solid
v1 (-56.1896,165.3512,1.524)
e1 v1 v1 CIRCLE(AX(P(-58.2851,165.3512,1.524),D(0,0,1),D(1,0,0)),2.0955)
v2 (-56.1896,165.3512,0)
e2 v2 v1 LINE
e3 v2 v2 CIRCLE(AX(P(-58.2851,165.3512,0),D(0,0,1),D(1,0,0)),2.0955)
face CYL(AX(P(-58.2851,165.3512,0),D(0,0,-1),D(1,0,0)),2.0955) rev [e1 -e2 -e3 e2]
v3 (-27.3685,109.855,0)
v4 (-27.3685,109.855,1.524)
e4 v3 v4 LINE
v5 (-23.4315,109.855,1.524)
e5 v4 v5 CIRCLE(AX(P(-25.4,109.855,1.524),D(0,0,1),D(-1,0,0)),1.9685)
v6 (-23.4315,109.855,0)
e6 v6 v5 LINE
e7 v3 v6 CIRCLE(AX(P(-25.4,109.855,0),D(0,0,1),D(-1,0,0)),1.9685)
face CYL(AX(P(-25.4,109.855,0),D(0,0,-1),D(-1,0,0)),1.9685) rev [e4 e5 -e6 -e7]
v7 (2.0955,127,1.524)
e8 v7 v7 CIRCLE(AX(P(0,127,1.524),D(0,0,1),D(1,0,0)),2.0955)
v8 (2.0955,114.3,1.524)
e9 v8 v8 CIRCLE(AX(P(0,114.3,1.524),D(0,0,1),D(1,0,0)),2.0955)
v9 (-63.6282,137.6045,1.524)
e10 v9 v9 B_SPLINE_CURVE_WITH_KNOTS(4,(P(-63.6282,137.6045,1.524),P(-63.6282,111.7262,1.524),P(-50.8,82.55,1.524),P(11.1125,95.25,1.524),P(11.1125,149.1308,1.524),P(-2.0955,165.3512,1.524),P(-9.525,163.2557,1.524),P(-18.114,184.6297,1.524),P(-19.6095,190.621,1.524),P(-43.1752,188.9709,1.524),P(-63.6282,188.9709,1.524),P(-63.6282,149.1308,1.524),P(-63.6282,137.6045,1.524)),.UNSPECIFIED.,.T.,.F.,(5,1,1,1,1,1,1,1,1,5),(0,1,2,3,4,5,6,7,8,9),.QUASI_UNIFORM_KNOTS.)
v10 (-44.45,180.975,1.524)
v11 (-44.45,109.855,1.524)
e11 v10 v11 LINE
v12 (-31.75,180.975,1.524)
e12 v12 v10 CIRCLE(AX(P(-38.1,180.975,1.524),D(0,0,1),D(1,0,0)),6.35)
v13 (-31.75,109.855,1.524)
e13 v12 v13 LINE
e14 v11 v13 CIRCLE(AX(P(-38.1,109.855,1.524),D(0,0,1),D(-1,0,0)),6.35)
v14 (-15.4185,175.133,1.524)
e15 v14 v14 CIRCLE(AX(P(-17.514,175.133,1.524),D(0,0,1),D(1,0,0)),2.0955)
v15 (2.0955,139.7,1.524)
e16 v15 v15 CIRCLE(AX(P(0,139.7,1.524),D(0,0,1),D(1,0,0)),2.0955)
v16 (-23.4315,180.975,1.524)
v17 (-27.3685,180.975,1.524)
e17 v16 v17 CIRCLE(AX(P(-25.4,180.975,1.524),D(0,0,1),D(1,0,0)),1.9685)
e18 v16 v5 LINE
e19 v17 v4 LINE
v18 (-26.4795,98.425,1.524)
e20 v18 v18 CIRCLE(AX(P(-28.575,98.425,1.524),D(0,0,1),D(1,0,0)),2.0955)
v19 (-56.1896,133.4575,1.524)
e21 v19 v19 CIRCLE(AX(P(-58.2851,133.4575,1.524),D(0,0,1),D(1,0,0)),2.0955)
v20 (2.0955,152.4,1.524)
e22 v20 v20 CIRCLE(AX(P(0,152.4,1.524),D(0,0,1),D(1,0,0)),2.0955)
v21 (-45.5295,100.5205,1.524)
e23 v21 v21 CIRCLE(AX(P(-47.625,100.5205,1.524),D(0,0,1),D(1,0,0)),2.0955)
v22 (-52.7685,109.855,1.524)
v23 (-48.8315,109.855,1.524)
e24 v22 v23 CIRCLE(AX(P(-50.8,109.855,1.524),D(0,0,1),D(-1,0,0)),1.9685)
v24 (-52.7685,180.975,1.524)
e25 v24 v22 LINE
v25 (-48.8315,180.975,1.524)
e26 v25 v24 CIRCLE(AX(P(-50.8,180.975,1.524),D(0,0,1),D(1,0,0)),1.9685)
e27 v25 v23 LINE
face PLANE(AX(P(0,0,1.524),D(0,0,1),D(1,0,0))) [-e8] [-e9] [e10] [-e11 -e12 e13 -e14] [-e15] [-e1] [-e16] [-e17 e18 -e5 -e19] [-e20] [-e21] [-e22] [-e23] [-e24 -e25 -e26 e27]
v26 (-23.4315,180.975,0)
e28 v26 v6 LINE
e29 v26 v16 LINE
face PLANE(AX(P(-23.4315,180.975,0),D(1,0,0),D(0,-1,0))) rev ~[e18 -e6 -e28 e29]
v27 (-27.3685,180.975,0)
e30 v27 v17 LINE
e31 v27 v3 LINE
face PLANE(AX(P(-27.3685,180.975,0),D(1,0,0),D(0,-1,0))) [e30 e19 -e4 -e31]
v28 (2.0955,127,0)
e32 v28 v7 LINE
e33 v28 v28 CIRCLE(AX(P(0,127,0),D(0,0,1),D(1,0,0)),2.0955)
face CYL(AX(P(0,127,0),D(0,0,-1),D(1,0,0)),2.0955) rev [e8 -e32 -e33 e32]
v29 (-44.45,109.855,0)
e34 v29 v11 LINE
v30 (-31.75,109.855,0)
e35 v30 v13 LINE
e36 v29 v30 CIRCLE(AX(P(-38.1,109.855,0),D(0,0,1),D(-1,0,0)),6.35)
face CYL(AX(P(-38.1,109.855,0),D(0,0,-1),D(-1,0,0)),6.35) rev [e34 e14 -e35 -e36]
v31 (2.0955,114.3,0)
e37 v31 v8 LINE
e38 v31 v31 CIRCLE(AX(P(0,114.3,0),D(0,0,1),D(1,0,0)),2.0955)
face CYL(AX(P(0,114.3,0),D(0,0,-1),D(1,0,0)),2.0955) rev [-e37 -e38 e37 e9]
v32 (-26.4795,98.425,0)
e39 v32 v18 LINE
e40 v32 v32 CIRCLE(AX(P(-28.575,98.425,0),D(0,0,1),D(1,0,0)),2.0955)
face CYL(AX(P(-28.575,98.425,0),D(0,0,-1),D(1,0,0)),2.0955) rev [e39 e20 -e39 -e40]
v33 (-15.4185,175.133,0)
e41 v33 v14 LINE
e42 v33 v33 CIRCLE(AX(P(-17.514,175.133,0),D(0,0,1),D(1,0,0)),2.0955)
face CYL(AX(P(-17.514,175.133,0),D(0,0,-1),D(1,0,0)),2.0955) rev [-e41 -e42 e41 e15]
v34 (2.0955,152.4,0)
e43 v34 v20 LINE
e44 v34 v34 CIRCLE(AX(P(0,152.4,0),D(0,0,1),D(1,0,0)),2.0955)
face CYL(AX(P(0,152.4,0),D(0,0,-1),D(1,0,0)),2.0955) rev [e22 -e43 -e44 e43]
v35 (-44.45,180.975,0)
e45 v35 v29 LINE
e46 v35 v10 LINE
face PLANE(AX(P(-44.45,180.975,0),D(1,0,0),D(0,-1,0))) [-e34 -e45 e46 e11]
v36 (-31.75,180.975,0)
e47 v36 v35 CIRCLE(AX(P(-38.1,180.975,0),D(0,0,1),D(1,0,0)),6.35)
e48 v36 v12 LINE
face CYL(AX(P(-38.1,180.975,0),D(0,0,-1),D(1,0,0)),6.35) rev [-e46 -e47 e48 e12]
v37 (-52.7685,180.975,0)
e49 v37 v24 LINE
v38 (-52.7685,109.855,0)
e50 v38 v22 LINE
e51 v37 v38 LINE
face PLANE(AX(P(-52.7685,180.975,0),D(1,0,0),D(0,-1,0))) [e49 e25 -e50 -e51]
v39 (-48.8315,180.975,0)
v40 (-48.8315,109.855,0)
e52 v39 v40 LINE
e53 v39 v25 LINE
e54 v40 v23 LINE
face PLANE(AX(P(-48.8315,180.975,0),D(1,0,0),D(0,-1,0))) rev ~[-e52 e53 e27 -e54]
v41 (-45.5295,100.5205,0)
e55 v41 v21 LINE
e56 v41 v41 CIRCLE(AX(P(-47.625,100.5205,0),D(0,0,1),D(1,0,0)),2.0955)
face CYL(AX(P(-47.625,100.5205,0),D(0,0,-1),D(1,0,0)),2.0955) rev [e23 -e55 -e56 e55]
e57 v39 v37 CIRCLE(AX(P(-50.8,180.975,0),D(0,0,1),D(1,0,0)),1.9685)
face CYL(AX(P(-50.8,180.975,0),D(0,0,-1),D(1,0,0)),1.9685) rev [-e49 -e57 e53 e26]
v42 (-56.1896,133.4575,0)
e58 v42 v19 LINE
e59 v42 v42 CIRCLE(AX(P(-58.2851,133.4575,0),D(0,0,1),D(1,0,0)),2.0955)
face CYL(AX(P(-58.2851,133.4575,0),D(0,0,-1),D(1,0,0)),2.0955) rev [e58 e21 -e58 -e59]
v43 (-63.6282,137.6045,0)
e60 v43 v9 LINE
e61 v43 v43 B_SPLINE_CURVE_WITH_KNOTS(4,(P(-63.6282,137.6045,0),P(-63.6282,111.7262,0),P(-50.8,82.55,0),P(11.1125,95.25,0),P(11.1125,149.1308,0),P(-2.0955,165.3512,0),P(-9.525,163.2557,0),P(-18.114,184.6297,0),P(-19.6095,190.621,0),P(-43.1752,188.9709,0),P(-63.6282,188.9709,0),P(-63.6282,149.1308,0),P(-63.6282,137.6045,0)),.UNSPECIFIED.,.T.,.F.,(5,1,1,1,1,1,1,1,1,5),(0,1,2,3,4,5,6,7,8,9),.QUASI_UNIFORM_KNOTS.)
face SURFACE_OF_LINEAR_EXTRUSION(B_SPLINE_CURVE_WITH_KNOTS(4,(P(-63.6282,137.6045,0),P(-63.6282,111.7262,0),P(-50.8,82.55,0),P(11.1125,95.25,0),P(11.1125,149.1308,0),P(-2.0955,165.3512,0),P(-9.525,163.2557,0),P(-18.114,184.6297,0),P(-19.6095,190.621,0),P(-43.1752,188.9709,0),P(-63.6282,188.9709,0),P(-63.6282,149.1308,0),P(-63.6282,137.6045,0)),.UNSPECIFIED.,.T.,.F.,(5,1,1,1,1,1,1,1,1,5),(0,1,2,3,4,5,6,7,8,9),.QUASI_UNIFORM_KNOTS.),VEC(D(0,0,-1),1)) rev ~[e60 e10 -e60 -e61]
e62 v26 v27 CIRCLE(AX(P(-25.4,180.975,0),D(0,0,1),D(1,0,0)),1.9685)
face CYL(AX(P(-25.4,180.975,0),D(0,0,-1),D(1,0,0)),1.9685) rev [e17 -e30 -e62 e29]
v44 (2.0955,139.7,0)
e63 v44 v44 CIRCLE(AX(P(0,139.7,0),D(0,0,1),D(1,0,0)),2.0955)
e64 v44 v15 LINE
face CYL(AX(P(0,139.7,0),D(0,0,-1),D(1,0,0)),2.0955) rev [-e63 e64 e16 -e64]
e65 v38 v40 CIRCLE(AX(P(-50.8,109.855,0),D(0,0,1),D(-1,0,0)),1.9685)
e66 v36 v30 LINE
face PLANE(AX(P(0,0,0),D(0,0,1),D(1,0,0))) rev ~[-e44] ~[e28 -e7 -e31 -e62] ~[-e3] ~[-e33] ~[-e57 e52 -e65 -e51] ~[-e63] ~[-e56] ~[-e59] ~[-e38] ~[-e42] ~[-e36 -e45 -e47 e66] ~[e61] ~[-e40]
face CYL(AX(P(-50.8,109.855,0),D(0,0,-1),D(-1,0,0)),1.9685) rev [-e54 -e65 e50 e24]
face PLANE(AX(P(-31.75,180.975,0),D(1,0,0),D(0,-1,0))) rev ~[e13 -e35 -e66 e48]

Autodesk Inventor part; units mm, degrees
ref_plane "YZ Plane" through (0, 0, 0) normal (1, 0, 0) x (0, 1, 0)
ref_plane "XZ Plane" through (0, 0, 0) normal (0, 1, 0) x (-1, 0, 0)
ref_plane "XY Plane" through (0, 0, 0) normal (0, 0, 1) x (1, 0, 0)
sketch "Sketch1" plane through (0, 0, 0) normal (0, 0, 1) x (1, 0, 0)
  circle A0 centre (0, 139.7) radius 2.0955
  circle A1 centre (0, 127) radius 2.0955
  line L0 (-63.6282, 137.6045) -> (-63.6282, 111.7262) construction
  line L1 (-63.6282, 111.7262) -> (-50.8, 82.55) construction
  line L2 (-50.8, 82.55) -> (11.1125, 95.25) construction
  line L3 (11.1125, 95.25) -> (11.1125, 149.1308) construction
  line L4 (11.1125, 149.1308) -> (-2.0955, 165.3512) construction
  line L5 (-2.0955, 165.3512) -> (-9.525, 163.2557) construction
  line L6 (-9.525, 163.2557) -> (-18.114, 184.6297) construction
  line L7 (-18.114, 184.6297) -> (-19.6095, 190.621) construction
  line L8 (-19.6095, 190.621) -> (-43.1752, 188.9709) construction
  line L9 (-43.1752, 188.9709) -> (-63.6282, 188.9709) construction
  line L10 (-63.6282, 188.9709) -> (-63.6282, 149.1308) construction
  line L11 (-63.6282, 149.1308) -> (-63.6282, 137.6045) construction
  spline S0 degree 4 poles (-63.6282, 137.6045) (-63.6282, 111.7262) (-50.8, 82.55) (11.1125, 95.25) (11.1125, 149.1308) (-2.0955, 165.3512) (-9.525, 163.2557) (-18.114, 184.6297) (-19.6095, 190.621) (-43.1752, 188.9709) (-63.6282, 188.9709) (-63.6282, 149.1308) (-63.6282, 137.6045) knots 0 0 0 0 0 1 2 3 4 5 6 7 8 9 9 9 9 9
  circle A2 centre (0, 114.3) radius 2.0955
  circle A3 centre (0, 152.4) radius 2.0955
  arc A4 (-31.75, 180.975) -> (-44.45, 180.975) centre (-38.1, 180.975) ccw
  line L12 (-44.45, 180.975) -> (-44.45, 109.855)
  line L13 (-31.75, 180.975) -> (-31.75, 109.855)
  arc A5 (-48.8315, 180.975) -> (-52.7685, 180.975) centre (-50.8, 180.975) ccw
  line L14 (-52.7685, 180.975) -> (-48.8315, 180.975) construction
  line L15 (-44.45, 180.975) -> (-31.75, 180.975) construction
  arc A6 (-23.4315, 180.975) -> (-27.3685, 180.975) centre (-25.4, 180.975) ccw
  line L16 (-23.4315, 180.975) -> (-27.3685, 180.975) construction
  line L17 (-23.4315, 180.975) -> (-23.4315, 109.855)
  line L18 (-27.3685, 180.975) -> (-27.3685, 109.855)
  line L19 (-48.8315, 180.975) -> (-48.8315, 109.855)
  line L20 (-52.7685, 180.975) -> (-52.7685, 109.855)
  arc A7 (-52.7685, 109.855) -> (-48.8315, 109.855) centre (-50.8, 109.855) ccw
  line L21 (-52.7685, 109.855) -> (-48.8315, 109.855) construction
  arc A8 (-44.45, 109.855) -> (-31.75, 109.855) centre (-38.1, 109.855) ccw
  line L22 (-44.45, 109.855) -> (-31.75, 109.855) construction
  arc A9 (-27.3685, 109.855) -> (-23.4315, 109.855) centre (-25.4, 109.855) ccw
  line L23 (-23.4315, 109.855) -> (-27.3685, 109.855) construction
  circle A10 centre (-58.2851, 133.4575) radius 2.0955
  circle A11 centre (-58.2851, 165.3512) radius 2.0955
  circle A12 centre (-17.514, 175.133) radius 2.0955
  circle A13 centre (-28.575, 98.425) radius 2.0955
  circle A14 centre (-47.625, 100.5205) radius 2.0955
  point P0 (0, 0)
  dimension "d17" = 4.191
  dimension "d18" = 4.191
  dimension "d19" = 4.191
  dimension "d20" = 4.191
  dimension "d23" = 6.35
  dimension "d24" = 12.7
  dimension "d25" = 1.9685
  dimension "d26" = 12.7
  dimension "d27" = 12.7
  dimension "d28" = 1.9685
  dimension "d29" = 71.12
  dimension "d32" = 4.191
  dimension "d33" = 4.191
  dimension "d37" = 4.191
  dimension "d40" = 4.191
  dimension "d41" = 4.191
extrude "Extrusion2" add sketch "Sketch1" along normal blind 1.524
equation "\"d18\" = d17"
equation "\"d19\" = d17"
equation "\"d20\" = d17"
equation "\"d24\" = 2 * d23"
properties part number "first-stage"
